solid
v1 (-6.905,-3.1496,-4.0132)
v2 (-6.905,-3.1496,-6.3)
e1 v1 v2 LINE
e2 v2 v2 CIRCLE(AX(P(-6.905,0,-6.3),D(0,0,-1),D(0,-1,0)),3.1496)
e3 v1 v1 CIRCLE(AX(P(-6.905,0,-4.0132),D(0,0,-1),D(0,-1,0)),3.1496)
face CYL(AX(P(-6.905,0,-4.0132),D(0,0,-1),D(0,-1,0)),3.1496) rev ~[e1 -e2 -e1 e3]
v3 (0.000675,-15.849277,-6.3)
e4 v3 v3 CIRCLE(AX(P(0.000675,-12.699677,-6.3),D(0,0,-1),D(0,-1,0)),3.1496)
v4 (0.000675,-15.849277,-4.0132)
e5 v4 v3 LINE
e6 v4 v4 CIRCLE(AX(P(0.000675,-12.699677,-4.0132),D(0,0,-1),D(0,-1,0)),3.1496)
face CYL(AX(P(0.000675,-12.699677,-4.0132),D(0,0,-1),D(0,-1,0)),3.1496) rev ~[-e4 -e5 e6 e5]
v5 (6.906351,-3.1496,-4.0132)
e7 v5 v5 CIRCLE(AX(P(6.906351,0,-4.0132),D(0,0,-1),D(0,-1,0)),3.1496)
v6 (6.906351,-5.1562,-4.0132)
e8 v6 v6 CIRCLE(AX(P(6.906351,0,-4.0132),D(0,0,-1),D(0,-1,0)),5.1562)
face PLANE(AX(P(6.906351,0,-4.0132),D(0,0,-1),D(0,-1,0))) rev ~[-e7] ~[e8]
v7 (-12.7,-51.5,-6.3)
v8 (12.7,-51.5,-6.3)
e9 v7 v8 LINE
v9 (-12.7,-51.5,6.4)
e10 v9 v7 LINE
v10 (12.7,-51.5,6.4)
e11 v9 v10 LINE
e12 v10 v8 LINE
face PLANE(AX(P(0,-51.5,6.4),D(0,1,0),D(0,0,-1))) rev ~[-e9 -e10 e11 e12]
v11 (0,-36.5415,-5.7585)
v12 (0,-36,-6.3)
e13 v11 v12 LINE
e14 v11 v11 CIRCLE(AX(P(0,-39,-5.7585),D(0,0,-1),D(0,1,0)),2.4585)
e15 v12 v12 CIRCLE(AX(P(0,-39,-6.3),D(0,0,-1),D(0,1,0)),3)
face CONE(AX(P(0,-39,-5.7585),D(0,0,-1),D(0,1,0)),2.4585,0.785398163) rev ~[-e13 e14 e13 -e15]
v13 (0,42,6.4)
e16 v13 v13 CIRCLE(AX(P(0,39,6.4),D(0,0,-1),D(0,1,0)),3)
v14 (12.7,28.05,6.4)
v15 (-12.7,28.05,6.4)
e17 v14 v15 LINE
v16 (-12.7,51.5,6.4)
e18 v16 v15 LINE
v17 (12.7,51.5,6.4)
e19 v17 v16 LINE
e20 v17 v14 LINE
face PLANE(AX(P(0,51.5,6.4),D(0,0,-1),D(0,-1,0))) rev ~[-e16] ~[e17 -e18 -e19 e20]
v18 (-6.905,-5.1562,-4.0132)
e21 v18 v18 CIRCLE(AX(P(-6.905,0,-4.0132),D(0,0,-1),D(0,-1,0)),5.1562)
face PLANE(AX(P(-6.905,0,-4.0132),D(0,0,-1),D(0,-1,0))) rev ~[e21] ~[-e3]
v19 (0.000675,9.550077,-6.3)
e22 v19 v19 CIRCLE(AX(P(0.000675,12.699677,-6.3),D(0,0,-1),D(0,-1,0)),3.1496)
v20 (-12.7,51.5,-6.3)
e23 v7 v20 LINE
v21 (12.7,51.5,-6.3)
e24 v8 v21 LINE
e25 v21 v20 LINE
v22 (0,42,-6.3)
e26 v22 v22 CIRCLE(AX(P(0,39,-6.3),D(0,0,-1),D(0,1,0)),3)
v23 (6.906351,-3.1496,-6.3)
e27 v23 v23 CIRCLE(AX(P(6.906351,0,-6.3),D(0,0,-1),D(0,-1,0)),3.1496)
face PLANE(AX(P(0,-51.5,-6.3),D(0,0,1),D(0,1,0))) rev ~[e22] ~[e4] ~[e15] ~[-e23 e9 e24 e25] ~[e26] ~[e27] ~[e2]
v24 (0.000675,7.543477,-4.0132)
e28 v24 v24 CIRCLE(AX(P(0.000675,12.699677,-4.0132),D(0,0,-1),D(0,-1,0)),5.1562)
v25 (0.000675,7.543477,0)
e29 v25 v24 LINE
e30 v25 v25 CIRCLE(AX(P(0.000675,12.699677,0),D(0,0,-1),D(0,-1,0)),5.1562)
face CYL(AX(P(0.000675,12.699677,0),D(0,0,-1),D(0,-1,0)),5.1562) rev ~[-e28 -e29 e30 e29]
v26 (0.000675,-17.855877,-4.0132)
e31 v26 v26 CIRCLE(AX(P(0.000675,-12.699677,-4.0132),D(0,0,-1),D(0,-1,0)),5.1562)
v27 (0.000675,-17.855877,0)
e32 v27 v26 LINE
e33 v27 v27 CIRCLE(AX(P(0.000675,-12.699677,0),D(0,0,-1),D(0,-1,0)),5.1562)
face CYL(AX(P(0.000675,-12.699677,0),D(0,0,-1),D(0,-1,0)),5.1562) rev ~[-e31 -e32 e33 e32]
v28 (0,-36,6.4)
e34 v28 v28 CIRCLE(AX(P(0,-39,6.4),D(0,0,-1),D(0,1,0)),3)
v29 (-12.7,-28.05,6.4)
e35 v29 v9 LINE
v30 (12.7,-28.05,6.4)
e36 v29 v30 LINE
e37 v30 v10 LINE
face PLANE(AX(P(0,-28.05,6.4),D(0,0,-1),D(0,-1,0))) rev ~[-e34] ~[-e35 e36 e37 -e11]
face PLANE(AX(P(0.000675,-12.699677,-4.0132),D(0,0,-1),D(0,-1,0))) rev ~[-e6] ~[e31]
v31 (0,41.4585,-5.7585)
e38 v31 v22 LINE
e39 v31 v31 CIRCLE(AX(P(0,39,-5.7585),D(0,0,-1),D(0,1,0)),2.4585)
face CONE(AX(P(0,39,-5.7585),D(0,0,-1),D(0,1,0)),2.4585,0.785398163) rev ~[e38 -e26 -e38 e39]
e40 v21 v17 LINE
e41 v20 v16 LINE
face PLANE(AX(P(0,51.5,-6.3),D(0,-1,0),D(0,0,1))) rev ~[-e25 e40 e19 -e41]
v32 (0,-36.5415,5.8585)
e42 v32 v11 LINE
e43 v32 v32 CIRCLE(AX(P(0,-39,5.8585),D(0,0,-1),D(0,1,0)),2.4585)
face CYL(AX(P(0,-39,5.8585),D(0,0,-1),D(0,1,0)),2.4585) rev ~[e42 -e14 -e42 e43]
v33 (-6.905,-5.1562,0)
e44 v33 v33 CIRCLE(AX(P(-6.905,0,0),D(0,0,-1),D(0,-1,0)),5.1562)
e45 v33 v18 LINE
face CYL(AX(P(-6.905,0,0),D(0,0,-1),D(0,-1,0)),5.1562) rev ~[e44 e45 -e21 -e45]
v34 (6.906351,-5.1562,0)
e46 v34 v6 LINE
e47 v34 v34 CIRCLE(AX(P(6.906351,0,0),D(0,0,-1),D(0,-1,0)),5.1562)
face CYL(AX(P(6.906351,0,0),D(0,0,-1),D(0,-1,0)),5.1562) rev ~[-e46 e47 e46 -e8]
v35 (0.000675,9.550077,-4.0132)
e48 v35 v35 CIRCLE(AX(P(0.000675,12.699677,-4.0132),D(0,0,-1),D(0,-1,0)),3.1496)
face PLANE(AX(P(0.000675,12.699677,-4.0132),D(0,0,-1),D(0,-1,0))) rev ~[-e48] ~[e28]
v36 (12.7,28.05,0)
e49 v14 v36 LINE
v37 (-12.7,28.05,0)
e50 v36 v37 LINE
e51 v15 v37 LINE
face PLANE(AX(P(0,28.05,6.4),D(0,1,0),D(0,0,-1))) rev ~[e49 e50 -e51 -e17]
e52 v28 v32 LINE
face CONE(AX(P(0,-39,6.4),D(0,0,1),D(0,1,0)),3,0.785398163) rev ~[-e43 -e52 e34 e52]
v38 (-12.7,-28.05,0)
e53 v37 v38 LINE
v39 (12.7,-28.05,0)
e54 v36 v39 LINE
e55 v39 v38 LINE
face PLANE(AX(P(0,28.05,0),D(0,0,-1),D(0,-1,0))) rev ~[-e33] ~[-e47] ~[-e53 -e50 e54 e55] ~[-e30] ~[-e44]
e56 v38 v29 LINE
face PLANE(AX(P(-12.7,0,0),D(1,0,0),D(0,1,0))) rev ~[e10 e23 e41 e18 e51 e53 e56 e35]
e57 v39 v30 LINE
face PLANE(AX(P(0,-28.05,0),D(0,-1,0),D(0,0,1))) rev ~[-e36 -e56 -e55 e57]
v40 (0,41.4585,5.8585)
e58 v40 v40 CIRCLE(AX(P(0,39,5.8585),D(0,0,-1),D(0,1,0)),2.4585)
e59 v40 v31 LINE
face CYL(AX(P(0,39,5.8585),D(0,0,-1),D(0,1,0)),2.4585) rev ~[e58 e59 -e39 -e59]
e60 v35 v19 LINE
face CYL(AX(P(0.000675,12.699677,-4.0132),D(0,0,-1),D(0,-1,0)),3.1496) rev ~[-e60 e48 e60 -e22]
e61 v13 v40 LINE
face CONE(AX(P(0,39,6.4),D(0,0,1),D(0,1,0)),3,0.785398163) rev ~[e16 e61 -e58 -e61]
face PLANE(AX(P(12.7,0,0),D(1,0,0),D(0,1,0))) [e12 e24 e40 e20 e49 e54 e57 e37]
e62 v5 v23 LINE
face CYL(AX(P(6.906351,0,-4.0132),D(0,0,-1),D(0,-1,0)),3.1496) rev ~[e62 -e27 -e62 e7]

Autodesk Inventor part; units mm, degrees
sketch "Sketch_1" plane through (0, 0, 0) normal (1, 0, 0) x (0, 1, 0)
  line L0 (-28.05, 6.4) -> (-51.5, 6.4)
  line L1 (-51.5, 6.4) -> (-51.5, -6.3)
  line L2 (-51.5, -6.3) -> (51.5, -6.3)
  line L3 (51.5, -6.3) -> (51.5, 6.4)
  line L4 (51.5, 6.4) -> (28.05, 6.4)
  line L5 (28.05, 6.4) -> (28.05, 0)
  line L6 (28.05, 0) -> (-28.05, 0)
  line L7 (-28.05, 0) -> (-28.05, 6.4)
extrude "Extrusion1" add sketch "Sketch_1" along normal mid plane 25.4
sketch "Sketch_2" plane through (0, 0, 0) normal (1, 0, 0) x (0, 1, 0)
  line L0 (39, -6.3) -> (39, 6.4)
  line L1 (39, 6.4) -> (42, 6.4)
  line L2 (42, 6.4) -> (41.4585, 5.8585)
  line L3 (41.4585, 5.8585) -> (41.4585, -5.7585)
  line L4 (41.4585, -5.7585) -> (42, -6.3)
  line L5 (42, -6.3) -> (39, -6.3)
  line L6 (39, -6.3) -> (39, 6.4)
revolve "Revolution1" cut sketch "Sketch_2" angle 360 about axis through (0, 39, -6.3) along (0, 0, -1)
thread "Thread1" size "M6x1" class "6H" standard "ISO Metric profile" full length
sketch "Sketch_3" plane through (0, 0, 0) normal (1, 0, 0) x (0, 1, 0)
  line L0 (-39, -6.3) -> (-39, 6.4)
  line L1 (-39, 6.4) -> (-36, 6.4)
  line L2 (-36, 6.4) -> (-36.5415, 5.8585)
  line L3 (-36.5415, 5.8585) -> (-36.5415, -5.7585)
  line L4 (-36.5415, -5.7585) -> (-36, -6.3)
  line L5 (-36, -6.3) -> (-39, -6.3)
  line L6 (-39, -6.3) -> (-39, 6.4)
revolve "Revolution2" cut sketch "Sketch_3" angle 360 about axis through (0, -39, -6.3) along (0, 0, -1)
thread "Thread2" size "M6x1" class "6H" standard "ISO Metric profile" full length
sketch "Sketch4" plane through (-12.7, -28.05, 0) normal (0, 0, 1) x (1, 0, 0)
  point P0 (5.795, 28.05)
hole "Hole1" at (-6.905, 0, 0) direction (0, 0, -1) diameter 6.2992 depth 6.3 counterbore diameter 10.3124 counterbore depth 4.0132
pattern_linear "Rectangular Pattern1" count 2 spacing 14.4558 along (0.4777, 0.8785, 0) count 2 spacing 14.4558 along (0.4777, -0.8785, 0) of "Hole1"
ref_plane "screw1_XY" through (-6.905, 0, -4.0132) normal (0, 0, 1) x (1, 0, 0)
ref_plane "screw1_YZ" through (-6.905, 0, -4.0132) normal (1, 0, 0) x (0, 1, 0)
ref_plane "screw1_ZX" through (-6.905, 0, -4.0132) normal (0, 1, 0) x (0, 0, 1)
ref_plane "screw1_1_XY" through (0, 12.7, -4.0132) normal (0, 0, 1) x (1, 0, 0)
ref_plane "screw1_1_YZ" through (0, 12.7, -4.0132) normal (1, 0, 0) x (0, 1, 0)
ref_plane "screw1_1_ZX" through (0, 12.7, -4.0132) normal (0, 1, 0) x (0, 0, 1)
ref_plane "screw2_XY" through (6.905, 0, -4.0132) normal (0, 0, 1) x (1, 0, 0)
ref_plane "screw2_YZ" through (6.905, 0, -4.0132) normal (1, 0, 0) x (0, 1, 0)
ref_plane "screw2_ZX" through (6.905, 0, -4.0132) normal (0, 1, 0) x (0, 0, 1)
ref_plane "screw2_1_XY" through (0, -12.7, -4.0132) normal (0, 0, 1) x (1, 0, 0)
ref_plane "screw2_1_YZ" through (0, -12.7, -4.0132) normal (1, 0, 0) x (0, 1, 0)
ref_plane "screw2_1_ZX" through (0, -12.7, -4.0132) normal (0, 1, 0) x (0, 0, 1)
ref_plane "to_dummy_XY" through (0, 0, 0) normal (0, 0, 1) x (1, 0, 0)
ref_plane "to_dummy_YZ" through (0, 0, 0) normal (1, 0, 0) x (0, 1, 0)
ref_plane "to_dummy_ZX" through (0, 0, 0) normal (0, 1, 0) x (0, 0, 1)
ref_plane "to_wheel1_XY" through (0, 39, 6.4) normal (0, 0, 1) x (1, 0, 0)
ref_plane "to_wheel1_YZ" through (0, 39, 6.4) normal (1, 0, 0) x (0, 1, 0)
ref_plane "to_wheel1_ZX" through (0, 39, 6.4) normal (0, 1, 0) x (0, 0, 1)
ref_plane "to_wheel2_XY" through (0, -39, 6.4) normal (0, 0, 1) x (1, 0, 0)
ref_plane "to_wheel2_YZ" through (0, -39, 6.4) normal (1, 0, 0) x (0, 1, 0)
ref_plane "to_wheel2_ZX" through (0, -39, 6.4) normal (0, 1, 0) x (0, 0, 1)
sketch "Sketch5" plane through (12.7, 0, 0) normal (1, 0, 0) x (0, 0, -1)
  line L0 (-5.8585, 36.5415) -> (-5.8585, 41.4585) projected
  line L1 (-5.8585, 39) -> (-5.8585, -3)
  line L2 (-6.4, 28.05) -> (0, 28.05) projected
  line L3 (6.3, -51.5) -> (6.3, 51.5) projected
  line L4 (-6.4, 28.05) -> (6.3, 28.05)
  line L5 (6.3, 28.05) -> (6.3, -51.5)
  line L6 (6.3, -51.5) -> (-6.4, -51.5)
  line L7 (-6.4, -51.5) -> (-6.4, 28.05)
  point P0 (0, 0)
  dimension "d28" = 42
properties part number "25-2752-1_p"
